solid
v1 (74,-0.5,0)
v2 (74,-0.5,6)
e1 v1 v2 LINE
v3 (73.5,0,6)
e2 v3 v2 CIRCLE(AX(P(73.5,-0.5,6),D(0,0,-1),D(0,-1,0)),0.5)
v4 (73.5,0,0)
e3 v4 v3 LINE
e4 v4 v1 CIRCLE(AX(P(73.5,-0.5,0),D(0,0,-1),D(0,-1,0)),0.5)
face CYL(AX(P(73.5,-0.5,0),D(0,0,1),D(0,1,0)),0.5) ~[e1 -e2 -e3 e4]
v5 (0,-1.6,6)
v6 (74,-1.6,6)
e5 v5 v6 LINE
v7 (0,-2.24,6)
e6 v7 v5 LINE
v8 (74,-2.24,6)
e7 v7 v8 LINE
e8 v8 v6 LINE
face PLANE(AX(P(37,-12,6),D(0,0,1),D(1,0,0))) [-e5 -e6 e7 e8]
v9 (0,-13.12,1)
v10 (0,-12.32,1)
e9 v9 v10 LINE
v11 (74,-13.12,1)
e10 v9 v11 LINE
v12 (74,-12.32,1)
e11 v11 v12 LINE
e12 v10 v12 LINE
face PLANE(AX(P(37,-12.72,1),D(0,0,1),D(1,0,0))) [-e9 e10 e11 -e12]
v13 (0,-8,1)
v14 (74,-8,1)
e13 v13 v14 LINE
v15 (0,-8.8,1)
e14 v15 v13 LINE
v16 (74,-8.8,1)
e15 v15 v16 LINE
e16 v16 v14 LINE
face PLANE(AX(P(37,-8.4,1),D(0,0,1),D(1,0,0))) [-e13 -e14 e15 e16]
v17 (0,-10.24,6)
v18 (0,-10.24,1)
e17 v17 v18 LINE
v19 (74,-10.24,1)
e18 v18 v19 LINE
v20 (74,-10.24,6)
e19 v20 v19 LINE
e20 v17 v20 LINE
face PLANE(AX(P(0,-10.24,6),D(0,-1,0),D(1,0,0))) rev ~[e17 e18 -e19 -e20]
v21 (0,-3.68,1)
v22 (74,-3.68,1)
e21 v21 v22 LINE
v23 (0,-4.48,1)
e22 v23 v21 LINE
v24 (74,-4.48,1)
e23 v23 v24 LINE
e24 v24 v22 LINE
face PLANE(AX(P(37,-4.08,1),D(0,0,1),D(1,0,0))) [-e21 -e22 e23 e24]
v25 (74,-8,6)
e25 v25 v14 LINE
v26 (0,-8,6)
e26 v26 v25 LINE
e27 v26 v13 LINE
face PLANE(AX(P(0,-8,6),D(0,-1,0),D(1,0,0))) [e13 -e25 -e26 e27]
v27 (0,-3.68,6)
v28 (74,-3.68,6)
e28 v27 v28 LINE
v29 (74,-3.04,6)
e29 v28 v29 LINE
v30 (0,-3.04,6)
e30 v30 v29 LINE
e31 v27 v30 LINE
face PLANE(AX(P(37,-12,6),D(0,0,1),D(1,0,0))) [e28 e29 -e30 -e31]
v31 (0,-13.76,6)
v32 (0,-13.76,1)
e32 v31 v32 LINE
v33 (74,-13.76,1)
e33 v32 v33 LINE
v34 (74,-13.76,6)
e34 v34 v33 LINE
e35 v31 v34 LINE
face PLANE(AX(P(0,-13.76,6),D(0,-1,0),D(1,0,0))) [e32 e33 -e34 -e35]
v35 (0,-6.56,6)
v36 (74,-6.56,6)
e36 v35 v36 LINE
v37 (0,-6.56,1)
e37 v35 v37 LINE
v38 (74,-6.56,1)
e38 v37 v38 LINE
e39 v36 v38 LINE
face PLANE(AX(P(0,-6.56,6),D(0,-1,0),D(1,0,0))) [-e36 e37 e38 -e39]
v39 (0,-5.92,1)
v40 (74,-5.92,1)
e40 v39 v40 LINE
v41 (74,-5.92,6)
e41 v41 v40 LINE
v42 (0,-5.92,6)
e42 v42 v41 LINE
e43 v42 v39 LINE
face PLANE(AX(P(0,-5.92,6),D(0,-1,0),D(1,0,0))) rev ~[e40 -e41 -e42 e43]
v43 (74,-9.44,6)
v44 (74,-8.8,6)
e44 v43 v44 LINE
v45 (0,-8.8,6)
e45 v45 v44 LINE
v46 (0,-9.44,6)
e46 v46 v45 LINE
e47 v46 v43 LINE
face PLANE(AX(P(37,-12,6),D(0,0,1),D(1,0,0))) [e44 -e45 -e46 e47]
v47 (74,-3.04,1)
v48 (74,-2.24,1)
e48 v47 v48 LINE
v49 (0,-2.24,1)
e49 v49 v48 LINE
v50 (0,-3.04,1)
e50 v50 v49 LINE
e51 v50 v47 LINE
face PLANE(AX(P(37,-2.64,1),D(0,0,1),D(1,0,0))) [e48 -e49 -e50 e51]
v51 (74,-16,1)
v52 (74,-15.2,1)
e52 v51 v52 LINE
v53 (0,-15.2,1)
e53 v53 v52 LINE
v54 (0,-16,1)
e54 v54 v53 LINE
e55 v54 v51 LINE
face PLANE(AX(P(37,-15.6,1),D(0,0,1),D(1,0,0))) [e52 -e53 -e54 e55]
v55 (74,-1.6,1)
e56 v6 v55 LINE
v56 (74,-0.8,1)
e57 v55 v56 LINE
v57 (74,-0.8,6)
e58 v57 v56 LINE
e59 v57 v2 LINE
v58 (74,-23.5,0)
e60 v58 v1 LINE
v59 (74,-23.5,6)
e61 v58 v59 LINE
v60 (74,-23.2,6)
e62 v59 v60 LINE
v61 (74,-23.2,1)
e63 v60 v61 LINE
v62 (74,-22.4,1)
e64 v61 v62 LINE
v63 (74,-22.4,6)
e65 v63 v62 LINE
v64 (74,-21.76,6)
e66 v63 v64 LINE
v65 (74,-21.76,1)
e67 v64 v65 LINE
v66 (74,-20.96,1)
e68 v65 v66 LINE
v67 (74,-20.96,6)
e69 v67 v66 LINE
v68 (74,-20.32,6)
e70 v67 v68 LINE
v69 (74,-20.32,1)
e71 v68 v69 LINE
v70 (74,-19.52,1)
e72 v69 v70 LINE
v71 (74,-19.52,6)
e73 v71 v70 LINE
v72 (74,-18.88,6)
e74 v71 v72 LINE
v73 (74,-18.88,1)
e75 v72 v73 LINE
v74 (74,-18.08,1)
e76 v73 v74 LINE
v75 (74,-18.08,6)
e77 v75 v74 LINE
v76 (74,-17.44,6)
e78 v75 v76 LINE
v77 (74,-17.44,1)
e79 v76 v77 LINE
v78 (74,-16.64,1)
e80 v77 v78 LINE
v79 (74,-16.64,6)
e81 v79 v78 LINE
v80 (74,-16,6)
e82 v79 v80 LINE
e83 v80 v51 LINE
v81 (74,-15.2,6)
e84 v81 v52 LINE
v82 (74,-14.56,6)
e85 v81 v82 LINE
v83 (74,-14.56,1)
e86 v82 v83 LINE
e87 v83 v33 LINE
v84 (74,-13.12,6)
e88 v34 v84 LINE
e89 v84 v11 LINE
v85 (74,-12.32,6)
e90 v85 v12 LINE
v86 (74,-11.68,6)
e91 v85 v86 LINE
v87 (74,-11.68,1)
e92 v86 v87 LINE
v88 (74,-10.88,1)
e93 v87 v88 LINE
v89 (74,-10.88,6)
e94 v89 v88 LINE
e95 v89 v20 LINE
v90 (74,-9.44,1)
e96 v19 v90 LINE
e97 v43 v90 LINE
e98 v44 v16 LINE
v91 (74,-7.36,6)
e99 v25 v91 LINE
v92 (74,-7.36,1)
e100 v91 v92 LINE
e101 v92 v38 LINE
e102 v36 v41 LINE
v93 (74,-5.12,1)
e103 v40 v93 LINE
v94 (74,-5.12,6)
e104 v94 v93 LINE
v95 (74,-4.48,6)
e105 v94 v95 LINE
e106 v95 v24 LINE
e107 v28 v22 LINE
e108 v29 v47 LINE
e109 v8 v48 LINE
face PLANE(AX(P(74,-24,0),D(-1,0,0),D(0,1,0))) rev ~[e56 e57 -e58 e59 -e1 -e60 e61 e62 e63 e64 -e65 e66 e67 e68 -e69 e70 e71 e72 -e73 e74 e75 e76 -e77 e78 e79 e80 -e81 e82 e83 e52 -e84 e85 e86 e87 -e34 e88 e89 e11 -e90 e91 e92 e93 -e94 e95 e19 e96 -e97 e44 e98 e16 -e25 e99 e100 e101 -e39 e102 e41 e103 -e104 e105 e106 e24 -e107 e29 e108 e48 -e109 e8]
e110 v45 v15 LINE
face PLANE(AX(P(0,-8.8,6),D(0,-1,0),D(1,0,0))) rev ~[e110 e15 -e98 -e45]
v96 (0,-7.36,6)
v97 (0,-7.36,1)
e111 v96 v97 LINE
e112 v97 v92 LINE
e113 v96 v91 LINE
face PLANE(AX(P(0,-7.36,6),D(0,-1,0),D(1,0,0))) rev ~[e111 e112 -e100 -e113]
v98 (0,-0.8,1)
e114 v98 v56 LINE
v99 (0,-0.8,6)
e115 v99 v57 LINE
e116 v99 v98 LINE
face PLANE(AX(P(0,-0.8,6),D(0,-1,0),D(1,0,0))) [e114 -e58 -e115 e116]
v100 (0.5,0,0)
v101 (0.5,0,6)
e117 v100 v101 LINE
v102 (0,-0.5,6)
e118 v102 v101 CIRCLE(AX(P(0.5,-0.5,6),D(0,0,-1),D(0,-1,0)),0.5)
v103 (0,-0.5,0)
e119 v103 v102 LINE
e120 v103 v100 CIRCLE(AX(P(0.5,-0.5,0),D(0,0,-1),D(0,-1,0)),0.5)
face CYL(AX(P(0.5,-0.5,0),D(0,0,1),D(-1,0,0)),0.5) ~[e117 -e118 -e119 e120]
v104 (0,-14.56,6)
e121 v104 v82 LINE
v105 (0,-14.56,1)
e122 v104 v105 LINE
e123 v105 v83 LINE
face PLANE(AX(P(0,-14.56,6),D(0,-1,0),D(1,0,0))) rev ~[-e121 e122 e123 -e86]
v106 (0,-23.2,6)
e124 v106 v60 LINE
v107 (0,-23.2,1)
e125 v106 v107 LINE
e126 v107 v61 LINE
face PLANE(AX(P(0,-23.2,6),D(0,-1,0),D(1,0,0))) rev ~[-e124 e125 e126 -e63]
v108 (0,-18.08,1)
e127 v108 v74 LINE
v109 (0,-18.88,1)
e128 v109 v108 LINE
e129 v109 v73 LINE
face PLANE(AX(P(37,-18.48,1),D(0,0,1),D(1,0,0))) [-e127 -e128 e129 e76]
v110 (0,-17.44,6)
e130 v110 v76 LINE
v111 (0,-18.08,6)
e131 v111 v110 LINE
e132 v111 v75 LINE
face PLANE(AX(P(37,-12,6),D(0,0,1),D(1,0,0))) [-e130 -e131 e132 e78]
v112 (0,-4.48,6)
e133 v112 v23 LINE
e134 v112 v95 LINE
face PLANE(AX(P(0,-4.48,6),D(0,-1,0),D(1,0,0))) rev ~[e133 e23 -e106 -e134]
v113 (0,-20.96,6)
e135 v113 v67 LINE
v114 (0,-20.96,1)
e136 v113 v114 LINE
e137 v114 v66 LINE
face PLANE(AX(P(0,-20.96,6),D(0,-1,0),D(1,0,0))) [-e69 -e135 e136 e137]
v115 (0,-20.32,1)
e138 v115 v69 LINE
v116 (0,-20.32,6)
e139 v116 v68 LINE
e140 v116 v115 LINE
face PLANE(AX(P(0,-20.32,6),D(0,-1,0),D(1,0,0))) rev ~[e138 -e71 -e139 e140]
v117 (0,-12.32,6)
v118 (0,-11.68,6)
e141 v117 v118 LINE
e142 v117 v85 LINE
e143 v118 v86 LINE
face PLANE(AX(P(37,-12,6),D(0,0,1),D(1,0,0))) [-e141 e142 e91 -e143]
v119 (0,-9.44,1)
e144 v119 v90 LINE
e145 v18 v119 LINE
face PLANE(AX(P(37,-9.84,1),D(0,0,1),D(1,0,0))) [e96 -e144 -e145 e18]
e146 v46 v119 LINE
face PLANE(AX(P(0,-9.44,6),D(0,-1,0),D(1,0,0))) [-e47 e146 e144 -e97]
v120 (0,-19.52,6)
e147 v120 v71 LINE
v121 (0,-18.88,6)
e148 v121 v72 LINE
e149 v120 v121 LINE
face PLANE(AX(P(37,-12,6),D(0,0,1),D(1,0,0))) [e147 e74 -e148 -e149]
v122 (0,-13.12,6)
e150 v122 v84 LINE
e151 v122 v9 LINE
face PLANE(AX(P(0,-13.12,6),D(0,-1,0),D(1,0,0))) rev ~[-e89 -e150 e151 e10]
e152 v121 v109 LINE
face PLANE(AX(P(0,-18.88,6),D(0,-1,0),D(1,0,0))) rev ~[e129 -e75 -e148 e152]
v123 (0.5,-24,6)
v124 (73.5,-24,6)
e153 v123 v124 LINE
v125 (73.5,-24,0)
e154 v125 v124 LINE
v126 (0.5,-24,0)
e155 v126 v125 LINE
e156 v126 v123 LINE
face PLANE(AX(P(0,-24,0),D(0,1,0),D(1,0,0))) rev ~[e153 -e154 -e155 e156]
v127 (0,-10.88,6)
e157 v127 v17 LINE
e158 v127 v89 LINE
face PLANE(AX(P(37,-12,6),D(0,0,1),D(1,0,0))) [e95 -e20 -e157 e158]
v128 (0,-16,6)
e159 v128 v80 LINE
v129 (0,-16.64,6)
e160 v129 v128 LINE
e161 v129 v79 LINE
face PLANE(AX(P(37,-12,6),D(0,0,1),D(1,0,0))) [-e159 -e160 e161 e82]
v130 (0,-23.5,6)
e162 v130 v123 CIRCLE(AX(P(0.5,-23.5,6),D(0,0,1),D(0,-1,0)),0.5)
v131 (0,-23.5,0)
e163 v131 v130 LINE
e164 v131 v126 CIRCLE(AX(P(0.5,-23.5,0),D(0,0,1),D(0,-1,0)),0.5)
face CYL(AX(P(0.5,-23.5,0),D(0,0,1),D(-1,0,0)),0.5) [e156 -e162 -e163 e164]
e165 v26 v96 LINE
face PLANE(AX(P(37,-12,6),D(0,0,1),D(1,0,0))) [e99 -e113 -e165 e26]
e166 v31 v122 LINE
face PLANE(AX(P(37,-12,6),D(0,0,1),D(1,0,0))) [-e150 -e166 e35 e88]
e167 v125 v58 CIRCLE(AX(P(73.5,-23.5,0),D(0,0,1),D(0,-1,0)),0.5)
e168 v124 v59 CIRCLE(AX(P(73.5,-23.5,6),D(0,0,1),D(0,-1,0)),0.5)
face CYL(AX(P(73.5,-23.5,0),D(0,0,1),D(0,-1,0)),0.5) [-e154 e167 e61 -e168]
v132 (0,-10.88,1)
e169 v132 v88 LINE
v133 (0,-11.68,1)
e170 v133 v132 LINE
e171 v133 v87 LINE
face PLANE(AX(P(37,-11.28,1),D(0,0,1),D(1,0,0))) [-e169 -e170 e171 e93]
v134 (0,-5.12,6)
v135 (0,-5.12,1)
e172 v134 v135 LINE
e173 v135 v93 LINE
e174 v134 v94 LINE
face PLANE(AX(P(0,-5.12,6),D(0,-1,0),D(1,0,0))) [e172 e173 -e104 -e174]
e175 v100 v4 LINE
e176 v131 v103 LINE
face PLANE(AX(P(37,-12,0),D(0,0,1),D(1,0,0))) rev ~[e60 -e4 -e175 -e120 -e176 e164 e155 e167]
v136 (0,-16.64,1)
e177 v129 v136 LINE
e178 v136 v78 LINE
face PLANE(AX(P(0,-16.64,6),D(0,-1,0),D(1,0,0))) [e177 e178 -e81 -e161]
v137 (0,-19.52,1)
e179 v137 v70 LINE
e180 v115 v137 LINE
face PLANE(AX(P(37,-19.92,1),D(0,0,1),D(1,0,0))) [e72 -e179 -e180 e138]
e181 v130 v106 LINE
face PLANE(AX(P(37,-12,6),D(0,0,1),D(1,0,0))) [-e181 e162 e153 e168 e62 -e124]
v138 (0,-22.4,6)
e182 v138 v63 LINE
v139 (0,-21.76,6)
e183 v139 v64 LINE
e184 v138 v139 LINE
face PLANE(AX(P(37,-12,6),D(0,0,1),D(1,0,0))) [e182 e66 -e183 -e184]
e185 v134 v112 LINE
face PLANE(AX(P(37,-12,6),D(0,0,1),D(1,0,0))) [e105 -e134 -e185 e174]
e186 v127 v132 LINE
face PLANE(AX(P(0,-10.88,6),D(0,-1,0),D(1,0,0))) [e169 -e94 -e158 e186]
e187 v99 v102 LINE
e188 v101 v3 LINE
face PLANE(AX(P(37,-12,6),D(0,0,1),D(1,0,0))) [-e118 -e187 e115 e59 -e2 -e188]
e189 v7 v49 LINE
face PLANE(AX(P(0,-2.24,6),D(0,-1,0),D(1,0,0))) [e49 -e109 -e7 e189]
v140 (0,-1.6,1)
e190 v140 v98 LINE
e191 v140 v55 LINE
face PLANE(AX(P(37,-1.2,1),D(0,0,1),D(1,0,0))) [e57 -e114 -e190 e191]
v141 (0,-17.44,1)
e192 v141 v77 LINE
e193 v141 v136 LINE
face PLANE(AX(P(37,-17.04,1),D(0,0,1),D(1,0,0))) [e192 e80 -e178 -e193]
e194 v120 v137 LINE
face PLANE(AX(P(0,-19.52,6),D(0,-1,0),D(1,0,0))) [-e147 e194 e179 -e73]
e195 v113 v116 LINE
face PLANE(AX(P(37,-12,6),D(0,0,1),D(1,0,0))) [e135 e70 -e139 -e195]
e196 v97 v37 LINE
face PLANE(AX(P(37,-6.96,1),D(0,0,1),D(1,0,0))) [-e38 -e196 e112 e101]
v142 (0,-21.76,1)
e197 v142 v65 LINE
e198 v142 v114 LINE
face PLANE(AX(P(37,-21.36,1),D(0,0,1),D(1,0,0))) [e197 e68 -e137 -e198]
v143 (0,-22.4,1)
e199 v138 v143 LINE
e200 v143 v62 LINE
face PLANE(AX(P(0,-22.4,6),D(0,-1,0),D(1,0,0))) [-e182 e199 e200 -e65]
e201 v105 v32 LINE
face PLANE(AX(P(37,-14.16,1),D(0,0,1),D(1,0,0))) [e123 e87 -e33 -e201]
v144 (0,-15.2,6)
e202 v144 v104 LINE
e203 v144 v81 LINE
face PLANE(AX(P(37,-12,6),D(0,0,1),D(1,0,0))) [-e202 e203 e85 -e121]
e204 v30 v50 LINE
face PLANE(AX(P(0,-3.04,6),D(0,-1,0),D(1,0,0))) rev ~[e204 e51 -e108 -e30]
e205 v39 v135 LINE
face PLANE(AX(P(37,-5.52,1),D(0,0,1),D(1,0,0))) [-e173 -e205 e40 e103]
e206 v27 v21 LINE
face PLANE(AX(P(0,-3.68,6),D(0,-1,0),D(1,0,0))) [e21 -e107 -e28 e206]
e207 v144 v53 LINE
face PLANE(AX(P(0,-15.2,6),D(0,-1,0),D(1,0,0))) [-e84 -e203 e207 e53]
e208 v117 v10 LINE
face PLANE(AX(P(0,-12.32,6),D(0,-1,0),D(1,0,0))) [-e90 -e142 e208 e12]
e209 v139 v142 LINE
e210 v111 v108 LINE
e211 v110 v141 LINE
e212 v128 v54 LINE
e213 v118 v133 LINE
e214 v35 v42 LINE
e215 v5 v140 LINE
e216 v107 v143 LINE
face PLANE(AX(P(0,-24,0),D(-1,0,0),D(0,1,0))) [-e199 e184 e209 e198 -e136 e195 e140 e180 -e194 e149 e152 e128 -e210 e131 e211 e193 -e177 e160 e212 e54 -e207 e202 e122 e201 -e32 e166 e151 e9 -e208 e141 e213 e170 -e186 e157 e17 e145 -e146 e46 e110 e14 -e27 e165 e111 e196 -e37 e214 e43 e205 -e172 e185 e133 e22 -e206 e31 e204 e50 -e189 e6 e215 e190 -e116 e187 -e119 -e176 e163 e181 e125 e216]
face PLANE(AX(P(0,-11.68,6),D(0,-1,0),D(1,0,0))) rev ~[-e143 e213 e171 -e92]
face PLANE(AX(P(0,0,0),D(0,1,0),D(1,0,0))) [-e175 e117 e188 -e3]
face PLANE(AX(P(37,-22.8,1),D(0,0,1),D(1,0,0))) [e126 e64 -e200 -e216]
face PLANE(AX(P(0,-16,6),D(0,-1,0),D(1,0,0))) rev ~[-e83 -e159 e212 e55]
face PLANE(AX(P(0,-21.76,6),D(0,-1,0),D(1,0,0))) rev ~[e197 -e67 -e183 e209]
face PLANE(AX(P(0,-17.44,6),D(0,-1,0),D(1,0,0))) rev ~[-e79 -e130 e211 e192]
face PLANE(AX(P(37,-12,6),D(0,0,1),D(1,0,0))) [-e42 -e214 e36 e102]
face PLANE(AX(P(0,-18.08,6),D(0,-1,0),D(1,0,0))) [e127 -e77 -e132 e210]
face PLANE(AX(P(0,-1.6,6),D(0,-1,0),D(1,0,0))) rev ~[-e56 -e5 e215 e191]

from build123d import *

# Parameters (mm, degrees)
SKETCH_1_W          = 74
SKETCH_1_H          = 24
EXTRUDE_1_DEPTH     = 6
SKETCH_2_W          = 74
SKETCH_2_H          = 0.8
CUT_EXTRUDE_1_DEPTH = 5
FILLET_1_R          = 0.5


with BuildPart() as part:
    # 草图1 → 凸台-拉伸1 (new body)
    with BuildSketch(Plane.XY):
        with Locations((37, -12)):
            Rectangle(SKETCH_1_W, SKETCH_1_H)
    extrude(amount=EXTRUDE_1_DEPTH)

    # 草图2 → 切除-拉伸1 (cut)
    with BuildSketch(Plane.XY.offset(6)):
        with Locations((37, -22.8)):
            Rectangle(SKETCH_2_W, SKETCH_2_H)
        with Locations((37, -21.36)):
            Rectangle(SKETCH_2_W, SKETCH_2_H)
        with Locations((37, -19.92)):
            Rectangle(SKETCH_2_W, SKETCH_2_H)
        with Locations((37, -18.48)):
            Rectangle(SKETCH_2_W, SKETCH_2_H)
        with Locations((37, -17.04)):
            Rectangle(SKETCH_2_W, SKETCH_2_H)
        with Locations((37, -15.6)):
            Rectangle(SKETCH_2_W, SKETCH_2_H)
        with Locations((37, -14.16)):
            Rectangle(SKETCH_2_W, SKETCH_2_H)
        with Locations((37, -12.72)):
            Rectangle(SKETCH_2_W, SKETCH_2_H)
        with Locations((37, -11.28)):
            Rectangle(SKETCH_2_W, SKETCH_2_H)
        with Locations((37, -9.84)):
            Rectangle(SKETCH_2_W, SKETCH_2_H)
        with Locations((37, -8.4)):
            Rectangle(SKETCH_2_W, SKETCH_2_H)
        with Locations((37, -6.96)):
            Rectangle(SKETCH_2_W, SKETCH_2_H)
        with Locations((37, -5.52)):
            Rectangle(SKETCH_2_W, SKETCH_2_H)
        with Locations((37, -4.08)):
            Rectangle(SKETCH_2_W, SKETCH_2_H)
        with Locations((37, -2.64)):
            Rectangle(SKETCH_2_W, SKETCH_2_H)
        with Locations((37, -1.2)):
            Rectangle(SKETCH_2_W, SKETCH_2_H)
    extrude(amount=-CUT_EXTRUDE_1_DEPTH, mode=Mode.SUBTRACT)

    # 圆角1
    fillet_1_edges = [part.edges().sort_by_distance(p)[0] for p in [
        (0, 0, 3),
        (74, 0, 3),
        (74, -24, 3),
        (0, -24, 3),
    ]]
    fillet(fillet_1_edges, radius=FILLET_1_R)


solid = part.part
